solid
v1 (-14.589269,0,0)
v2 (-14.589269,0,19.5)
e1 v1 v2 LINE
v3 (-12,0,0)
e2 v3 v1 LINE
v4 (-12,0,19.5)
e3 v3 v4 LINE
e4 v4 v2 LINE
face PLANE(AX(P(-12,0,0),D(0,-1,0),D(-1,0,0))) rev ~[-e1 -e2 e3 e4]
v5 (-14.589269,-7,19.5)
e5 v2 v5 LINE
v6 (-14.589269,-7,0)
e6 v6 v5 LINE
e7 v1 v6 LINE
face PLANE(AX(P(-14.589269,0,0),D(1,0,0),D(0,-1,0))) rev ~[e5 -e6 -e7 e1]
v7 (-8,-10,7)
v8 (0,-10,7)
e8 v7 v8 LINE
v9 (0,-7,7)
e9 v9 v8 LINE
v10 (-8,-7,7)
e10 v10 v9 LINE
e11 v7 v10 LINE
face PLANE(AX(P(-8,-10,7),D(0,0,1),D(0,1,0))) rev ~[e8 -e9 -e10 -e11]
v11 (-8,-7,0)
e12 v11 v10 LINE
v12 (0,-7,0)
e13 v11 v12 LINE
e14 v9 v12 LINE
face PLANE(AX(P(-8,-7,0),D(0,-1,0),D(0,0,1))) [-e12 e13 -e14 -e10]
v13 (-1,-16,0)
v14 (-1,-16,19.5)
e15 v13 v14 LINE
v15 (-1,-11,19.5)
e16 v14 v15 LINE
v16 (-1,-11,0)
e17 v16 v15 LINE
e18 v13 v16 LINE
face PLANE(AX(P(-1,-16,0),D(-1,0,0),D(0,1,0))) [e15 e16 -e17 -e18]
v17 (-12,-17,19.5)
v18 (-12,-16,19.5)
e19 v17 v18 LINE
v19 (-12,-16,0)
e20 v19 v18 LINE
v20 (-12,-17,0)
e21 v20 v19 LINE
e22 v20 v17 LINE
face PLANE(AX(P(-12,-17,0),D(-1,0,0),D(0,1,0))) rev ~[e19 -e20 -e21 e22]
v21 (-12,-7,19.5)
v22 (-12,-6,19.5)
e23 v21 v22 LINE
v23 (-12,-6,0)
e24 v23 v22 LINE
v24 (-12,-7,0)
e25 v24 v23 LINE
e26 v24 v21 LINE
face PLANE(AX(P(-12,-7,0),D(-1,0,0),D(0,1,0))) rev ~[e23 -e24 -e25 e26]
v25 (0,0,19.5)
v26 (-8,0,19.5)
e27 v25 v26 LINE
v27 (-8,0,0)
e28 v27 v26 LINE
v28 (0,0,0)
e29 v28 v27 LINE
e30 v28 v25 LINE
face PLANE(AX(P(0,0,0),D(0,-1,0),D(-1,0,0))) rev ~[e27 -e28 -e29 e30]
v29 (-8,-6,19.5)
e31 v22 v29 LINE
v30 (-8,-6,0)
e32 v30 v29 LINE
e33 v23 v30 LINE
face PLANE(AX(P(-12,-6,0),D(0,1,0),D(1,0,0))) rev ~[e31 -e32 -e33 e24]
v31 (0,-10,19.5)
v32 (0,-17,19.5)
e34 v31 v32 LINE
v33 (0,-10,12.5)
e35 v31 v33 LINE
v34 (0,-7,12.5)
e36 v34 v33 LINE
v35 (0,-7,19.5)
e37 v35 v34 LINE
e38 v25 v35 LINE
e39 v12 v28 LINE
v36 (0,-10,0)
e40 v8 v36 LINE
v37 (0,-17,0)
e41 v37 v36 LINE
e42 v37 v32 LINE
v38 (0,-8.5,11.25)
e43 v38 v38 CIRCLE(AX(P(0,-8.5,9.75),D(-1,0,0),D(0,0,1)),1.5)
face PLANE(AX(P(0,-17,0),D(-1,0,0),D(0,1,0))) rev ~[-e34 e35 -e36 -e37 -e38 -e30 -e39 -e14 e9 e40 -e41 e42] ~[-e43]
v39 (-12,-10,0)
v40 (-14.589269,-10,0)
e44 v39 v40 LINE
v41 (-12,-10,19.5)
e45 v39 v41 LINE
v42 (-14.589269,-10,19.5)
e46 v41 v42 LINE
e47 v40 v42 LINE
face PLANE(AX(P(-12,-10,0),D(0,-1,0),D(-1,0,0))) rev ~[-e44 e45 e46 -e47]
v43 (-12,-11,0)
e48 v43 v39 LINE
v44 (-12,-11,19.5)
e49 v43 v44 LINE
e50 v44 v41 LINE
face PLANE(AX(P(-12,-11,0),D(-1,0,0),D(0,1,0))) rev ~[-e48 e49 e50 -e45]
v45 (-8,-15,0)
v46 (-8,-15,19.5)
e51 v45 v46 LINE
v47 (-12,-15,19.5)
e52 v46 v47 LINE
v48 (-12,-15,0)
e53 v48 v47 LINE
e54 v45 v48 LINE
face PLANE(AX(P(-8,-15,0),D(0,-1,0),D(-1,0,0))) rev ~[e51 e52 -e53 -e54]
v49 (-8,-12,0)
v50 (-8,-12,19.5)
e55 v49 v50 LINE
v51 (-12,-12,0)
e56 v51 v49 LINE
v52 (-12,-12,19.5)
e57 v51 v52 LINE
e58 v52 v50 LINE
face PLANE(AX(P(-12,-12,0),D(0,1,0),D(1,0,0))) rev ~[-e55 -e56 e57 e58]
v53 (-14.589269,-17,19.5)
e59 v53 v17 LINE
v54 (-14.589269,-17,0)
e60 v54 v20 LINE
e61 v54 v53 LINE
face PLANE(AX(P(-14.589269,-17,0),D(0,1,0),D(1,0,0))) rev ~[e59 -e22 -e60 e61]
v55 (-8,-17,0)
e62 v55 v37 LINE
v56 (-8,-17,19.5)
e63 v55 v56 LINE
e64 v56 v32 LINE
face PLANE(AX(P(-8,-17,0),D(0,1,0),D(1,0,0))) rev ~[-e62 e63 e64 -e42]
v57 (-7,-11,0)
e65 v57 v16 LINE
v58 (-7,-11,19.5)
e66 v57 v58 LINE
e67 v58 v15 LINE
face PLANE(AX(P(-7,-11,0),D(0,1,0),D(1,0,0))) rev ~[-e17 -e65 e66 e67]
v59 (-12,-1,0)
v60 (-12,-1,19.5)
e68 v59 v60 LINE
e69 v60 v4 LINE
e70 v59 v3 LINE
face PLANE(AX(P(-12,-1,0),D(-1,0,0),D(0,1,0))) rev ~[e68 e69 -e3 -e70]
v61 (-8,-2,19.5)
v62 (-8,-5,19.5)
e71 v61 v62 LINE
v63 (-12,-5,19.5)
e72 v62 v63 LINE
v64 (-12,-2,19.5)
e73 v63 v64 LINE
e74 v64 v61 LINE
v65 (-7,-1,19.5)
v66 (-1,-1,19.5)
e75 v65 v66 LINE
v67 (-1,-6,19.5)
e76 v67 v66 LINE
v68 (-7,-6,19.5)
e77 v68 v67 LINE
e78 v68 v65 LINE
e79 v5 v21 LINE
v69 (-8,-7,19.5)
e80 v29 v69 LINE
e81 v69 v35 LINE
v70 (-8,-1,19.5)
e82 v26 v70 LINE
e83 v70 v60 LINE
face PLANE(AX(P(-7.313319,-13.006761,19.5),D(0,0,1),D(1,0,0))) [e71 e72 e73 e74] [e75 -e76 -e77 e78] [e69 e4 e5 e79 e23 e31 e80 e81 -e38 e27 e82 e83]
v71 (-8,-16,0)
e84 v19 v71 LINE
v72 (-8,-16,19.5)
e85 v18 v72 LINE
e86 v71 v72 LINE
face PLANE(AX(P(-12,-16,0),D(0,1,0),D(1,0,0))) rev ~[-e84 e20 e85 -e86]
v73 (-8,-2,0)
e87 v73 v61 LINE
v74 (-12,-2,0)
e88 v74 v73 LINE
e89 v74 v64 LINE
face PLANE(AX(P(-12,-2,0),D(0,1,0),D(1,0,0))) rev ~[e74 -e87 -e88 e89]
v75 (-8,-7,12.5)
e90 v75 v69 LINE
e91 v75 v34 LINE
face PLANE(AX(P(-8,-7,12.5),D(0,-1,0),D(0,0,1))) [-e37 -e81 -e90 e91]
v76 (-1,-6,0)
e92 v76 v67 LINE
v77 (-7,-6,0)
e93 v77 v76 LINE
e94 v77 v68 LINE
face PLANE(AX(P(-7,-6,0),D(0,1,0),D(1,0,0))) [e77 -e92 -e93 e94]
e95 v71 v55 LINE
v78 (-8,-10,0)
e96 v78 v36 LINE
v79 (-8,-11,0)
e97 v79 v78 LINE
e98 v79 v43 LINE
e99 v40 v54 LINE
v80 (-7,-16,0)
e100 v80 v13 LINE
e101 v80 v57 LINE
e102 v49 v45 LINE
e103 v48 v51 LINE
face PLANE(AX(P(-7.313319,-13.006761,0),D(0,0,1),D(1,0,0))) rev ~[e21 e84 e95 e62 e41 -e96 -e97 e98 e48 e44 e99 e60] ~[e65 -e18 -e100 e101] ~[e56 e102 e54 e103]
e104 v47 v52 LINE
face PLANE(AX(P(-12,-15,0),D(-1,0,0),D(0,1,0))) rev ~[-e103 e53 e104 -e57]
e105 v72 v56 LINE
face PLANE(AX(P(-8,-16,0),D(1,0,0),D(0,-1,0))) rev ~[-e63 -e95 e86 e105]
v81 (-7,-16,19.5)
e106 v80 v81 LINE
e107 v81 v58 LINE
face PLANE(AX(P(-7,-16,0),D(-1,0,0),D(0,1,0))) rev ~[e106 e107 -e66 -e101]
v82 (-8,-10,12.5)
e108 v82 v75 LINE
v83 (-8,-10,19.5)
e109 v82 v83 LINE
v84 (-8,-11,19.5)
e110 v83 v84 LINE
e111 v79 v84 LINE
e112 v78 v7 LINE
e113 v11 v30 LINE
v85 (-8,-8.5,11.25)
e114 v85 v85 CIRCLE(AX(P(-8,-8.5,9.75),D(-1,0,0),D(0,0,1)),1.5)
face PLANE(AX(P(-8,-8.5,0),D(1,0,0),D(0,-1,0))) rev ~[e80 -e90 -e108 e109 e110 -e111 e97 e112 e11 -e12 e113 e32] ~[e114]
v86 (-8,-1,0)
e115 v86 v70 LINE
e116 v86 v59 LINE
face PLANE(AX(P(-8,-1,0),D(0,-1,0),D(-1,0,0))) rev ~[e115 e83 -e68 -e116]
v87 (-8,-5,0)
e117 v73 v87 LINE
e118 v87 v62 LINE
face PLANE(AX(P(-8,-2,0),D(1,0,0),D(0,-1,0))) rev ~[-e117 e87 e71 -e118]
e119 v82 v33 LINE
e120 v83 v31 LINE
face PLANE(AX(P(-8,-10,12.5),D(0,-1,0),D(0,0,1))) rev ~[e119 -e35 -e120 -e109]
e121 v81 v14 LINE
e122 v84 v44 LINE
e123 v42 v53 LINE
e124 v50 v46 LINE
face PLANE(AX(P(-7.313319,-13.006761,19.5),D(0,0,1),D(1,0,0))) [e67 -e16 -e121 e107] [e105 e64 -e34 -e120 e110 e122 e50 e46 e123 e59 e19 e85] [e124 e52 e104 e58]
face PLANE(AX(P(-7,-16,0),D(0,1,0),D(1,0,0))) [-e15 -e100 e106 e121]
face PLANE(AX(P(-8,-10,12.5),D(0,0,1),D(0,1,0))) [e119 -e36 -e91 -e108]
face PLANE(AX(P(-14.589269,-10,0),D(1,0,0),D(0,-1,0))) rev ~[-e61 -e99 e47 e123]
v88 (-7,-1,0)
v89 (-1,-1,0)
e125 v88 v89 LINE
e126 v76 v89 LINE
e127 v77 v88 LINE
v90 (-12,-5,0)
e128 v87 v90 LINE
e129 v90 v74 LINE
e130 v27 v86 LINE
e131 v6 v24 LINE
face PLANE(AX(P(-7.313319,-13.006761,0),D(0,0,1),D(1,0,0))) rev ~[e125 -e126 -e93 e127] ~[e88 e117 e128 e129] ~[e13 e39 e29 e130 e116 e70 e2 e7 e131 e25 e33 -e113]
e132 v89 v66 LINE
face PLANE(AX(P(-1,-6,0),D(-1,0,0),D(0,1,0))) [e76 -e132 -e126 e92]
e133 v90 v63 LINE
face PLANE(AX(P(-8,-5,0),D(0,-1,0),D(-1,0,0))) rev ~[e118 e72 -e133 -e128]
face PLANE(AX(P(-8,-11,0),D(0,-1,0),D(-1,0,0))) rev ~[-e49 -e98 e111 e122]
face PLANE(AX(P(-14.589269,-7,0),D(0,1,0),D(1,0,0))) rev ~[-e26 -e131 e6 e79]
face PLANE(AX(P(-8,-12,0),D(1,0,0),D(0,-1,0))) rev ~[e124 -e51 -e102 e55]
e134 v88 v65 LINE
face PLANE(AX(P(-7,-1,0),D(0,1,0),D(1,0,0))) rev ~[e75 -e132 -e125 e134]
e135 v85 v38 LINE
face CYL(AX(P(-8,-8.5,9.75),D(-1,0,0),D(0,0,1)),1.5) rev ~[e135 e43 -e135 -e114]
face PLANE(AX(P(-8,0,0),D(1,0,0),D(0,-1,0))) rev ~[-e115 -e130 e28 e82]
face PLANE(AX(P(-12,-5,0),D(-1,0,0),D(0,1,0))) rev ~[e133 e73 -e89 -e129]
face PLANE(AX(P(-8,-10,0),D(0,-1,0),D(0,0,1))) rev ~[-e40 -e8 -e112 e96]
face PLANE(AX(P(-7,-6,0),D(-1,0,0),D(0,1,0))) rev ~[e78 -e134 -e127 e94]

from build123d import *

# Parameters (mm, degrees)
CROQUIS2_W              = 6
CROQUIS2_H              = 5
SALIENTE_EXTRUIR1_DEPTH = 19.5
CORTAR_EXTRUIR1_REACH   = 29.079
CROQUIS4_R              = 1.5
CROQUIS4_W              = 7
CROQUIS4_H              = 3


with BuildPart() as part:
    # Croquis2 → Saliente-Extruir1 (new body)
    # profile 1 of 2: a face of its own
    with BuildSketch(Plane.XY):
        Polygon((0, -7), (0, 0), (-8, 0), (-8, -1), (-12, -1), (-12, 0), (-14.589269471, 0), (-14.589269471, -7), (-12, -7), (-12, -6), (-8, -6), (-8, -7), (-8, -8.5), (0, -8.5), align=None)
        Polygon((-8, -2), (-8, -3.5), (-8, -5), (-12, -5), (-12, -2), align=None, mode=Mode.SUBTRACT)
        with Locations((-4, -3.5)):
            Rectangle(CROQUIS2_W, CROQUIS2_H, mode=Mode.SUBTRACT)
    # profile 2 of 2: a face of its own
    with BuildSketch(Plane.XY):
        Polygon((0, -10), (0, -8.5), (-8, -8.5), (-8, -10), (-8, -11), (-12, -11), (-12, -10), (-14.589269471, -10), (-14.589269471, -17), (-12, -17), (-12, -16), (-8, -16), (-8, -17), (0, -17), align=None)
        Polygon((-12, -12), (-8, -12), (-8, -13.5), (-8, -15), (-12, -15), align=None, mode=Mode.SUBTRACT)
        with Locations((-4, -13.5)):
            Rectangle(CROQUIS2_W, CROQUIS2_H, mode=Mode.SUBTRACT)
    extrude(amount=SALIENTE_EXTRUIR1_DEPTH)

    # Croquis4 → Cortar-Extruir1 (cut, up to next)
    with BuildSketch(Plane.ZY.offset(8), mode=Mode.PRIVATE) as cortar_extruir1_sk1:
        with Locations((9.75, -8.5)):
            Circle(CROQUIS4_R)
    cortar_extruir1_tool1 = extrude(cortar_extruir1_sk1.sketch, amount=-CORTAR_EXTRUIR1_REACH, mode=Mode.PRIVATE) & part.part
    # Croquis4 → Cortar-Extruir1 (cut, up to next)
    with BuildSketch(Plane.ZY.offset(8), mode=Mode.PRIVATE) as cortar_extruir1_sk2:
        with Locations((3.5, -8.5)):
            Rectangle(CROQUIS4_W, CROQUIS4_H)
    cortar_extruir1_tool2 = extrude(cortar_extruir1_sk2.sketch, amount=-CORTAR_EXTRUIR1_REACH, mode=Mode.PRIVATE) & part.part
    # Croquis4 → Cortar-Extruir1 (cut, up to next)
    with BuildSketch(Plane.ZY.offset(8), mode=Mode.PRIVATE) as cortar_extruir1_sk3:
        with Locations((16, -8.5)):
            Rectangle(CROQUIS4_W, CROQUIS4_H)
    cortar_extruir1_tool3 = extrude(cortar_extruir1_sk3.sketch, amount=-CORTAR_EXTRUIR1_REACH, mode=Mode.PRIVATE) & part.part
    add(cortar_extruir1_tool1.solids().sort_by_distance((-8, -8.5, 9.75))[0], mode=Mode.SUBTRACT)
    add(cortar_extruir1_tool2.solids().sort_by_distance((-8, -8.5, 3.5))[0], mode=Mode.SUBTRACT)
    add(cortar_extruir1_tool3.solids().sort_by_distance((-8, -8.5, 16))[0], mode=Mode.SUBTRACT)


solid = part.part
